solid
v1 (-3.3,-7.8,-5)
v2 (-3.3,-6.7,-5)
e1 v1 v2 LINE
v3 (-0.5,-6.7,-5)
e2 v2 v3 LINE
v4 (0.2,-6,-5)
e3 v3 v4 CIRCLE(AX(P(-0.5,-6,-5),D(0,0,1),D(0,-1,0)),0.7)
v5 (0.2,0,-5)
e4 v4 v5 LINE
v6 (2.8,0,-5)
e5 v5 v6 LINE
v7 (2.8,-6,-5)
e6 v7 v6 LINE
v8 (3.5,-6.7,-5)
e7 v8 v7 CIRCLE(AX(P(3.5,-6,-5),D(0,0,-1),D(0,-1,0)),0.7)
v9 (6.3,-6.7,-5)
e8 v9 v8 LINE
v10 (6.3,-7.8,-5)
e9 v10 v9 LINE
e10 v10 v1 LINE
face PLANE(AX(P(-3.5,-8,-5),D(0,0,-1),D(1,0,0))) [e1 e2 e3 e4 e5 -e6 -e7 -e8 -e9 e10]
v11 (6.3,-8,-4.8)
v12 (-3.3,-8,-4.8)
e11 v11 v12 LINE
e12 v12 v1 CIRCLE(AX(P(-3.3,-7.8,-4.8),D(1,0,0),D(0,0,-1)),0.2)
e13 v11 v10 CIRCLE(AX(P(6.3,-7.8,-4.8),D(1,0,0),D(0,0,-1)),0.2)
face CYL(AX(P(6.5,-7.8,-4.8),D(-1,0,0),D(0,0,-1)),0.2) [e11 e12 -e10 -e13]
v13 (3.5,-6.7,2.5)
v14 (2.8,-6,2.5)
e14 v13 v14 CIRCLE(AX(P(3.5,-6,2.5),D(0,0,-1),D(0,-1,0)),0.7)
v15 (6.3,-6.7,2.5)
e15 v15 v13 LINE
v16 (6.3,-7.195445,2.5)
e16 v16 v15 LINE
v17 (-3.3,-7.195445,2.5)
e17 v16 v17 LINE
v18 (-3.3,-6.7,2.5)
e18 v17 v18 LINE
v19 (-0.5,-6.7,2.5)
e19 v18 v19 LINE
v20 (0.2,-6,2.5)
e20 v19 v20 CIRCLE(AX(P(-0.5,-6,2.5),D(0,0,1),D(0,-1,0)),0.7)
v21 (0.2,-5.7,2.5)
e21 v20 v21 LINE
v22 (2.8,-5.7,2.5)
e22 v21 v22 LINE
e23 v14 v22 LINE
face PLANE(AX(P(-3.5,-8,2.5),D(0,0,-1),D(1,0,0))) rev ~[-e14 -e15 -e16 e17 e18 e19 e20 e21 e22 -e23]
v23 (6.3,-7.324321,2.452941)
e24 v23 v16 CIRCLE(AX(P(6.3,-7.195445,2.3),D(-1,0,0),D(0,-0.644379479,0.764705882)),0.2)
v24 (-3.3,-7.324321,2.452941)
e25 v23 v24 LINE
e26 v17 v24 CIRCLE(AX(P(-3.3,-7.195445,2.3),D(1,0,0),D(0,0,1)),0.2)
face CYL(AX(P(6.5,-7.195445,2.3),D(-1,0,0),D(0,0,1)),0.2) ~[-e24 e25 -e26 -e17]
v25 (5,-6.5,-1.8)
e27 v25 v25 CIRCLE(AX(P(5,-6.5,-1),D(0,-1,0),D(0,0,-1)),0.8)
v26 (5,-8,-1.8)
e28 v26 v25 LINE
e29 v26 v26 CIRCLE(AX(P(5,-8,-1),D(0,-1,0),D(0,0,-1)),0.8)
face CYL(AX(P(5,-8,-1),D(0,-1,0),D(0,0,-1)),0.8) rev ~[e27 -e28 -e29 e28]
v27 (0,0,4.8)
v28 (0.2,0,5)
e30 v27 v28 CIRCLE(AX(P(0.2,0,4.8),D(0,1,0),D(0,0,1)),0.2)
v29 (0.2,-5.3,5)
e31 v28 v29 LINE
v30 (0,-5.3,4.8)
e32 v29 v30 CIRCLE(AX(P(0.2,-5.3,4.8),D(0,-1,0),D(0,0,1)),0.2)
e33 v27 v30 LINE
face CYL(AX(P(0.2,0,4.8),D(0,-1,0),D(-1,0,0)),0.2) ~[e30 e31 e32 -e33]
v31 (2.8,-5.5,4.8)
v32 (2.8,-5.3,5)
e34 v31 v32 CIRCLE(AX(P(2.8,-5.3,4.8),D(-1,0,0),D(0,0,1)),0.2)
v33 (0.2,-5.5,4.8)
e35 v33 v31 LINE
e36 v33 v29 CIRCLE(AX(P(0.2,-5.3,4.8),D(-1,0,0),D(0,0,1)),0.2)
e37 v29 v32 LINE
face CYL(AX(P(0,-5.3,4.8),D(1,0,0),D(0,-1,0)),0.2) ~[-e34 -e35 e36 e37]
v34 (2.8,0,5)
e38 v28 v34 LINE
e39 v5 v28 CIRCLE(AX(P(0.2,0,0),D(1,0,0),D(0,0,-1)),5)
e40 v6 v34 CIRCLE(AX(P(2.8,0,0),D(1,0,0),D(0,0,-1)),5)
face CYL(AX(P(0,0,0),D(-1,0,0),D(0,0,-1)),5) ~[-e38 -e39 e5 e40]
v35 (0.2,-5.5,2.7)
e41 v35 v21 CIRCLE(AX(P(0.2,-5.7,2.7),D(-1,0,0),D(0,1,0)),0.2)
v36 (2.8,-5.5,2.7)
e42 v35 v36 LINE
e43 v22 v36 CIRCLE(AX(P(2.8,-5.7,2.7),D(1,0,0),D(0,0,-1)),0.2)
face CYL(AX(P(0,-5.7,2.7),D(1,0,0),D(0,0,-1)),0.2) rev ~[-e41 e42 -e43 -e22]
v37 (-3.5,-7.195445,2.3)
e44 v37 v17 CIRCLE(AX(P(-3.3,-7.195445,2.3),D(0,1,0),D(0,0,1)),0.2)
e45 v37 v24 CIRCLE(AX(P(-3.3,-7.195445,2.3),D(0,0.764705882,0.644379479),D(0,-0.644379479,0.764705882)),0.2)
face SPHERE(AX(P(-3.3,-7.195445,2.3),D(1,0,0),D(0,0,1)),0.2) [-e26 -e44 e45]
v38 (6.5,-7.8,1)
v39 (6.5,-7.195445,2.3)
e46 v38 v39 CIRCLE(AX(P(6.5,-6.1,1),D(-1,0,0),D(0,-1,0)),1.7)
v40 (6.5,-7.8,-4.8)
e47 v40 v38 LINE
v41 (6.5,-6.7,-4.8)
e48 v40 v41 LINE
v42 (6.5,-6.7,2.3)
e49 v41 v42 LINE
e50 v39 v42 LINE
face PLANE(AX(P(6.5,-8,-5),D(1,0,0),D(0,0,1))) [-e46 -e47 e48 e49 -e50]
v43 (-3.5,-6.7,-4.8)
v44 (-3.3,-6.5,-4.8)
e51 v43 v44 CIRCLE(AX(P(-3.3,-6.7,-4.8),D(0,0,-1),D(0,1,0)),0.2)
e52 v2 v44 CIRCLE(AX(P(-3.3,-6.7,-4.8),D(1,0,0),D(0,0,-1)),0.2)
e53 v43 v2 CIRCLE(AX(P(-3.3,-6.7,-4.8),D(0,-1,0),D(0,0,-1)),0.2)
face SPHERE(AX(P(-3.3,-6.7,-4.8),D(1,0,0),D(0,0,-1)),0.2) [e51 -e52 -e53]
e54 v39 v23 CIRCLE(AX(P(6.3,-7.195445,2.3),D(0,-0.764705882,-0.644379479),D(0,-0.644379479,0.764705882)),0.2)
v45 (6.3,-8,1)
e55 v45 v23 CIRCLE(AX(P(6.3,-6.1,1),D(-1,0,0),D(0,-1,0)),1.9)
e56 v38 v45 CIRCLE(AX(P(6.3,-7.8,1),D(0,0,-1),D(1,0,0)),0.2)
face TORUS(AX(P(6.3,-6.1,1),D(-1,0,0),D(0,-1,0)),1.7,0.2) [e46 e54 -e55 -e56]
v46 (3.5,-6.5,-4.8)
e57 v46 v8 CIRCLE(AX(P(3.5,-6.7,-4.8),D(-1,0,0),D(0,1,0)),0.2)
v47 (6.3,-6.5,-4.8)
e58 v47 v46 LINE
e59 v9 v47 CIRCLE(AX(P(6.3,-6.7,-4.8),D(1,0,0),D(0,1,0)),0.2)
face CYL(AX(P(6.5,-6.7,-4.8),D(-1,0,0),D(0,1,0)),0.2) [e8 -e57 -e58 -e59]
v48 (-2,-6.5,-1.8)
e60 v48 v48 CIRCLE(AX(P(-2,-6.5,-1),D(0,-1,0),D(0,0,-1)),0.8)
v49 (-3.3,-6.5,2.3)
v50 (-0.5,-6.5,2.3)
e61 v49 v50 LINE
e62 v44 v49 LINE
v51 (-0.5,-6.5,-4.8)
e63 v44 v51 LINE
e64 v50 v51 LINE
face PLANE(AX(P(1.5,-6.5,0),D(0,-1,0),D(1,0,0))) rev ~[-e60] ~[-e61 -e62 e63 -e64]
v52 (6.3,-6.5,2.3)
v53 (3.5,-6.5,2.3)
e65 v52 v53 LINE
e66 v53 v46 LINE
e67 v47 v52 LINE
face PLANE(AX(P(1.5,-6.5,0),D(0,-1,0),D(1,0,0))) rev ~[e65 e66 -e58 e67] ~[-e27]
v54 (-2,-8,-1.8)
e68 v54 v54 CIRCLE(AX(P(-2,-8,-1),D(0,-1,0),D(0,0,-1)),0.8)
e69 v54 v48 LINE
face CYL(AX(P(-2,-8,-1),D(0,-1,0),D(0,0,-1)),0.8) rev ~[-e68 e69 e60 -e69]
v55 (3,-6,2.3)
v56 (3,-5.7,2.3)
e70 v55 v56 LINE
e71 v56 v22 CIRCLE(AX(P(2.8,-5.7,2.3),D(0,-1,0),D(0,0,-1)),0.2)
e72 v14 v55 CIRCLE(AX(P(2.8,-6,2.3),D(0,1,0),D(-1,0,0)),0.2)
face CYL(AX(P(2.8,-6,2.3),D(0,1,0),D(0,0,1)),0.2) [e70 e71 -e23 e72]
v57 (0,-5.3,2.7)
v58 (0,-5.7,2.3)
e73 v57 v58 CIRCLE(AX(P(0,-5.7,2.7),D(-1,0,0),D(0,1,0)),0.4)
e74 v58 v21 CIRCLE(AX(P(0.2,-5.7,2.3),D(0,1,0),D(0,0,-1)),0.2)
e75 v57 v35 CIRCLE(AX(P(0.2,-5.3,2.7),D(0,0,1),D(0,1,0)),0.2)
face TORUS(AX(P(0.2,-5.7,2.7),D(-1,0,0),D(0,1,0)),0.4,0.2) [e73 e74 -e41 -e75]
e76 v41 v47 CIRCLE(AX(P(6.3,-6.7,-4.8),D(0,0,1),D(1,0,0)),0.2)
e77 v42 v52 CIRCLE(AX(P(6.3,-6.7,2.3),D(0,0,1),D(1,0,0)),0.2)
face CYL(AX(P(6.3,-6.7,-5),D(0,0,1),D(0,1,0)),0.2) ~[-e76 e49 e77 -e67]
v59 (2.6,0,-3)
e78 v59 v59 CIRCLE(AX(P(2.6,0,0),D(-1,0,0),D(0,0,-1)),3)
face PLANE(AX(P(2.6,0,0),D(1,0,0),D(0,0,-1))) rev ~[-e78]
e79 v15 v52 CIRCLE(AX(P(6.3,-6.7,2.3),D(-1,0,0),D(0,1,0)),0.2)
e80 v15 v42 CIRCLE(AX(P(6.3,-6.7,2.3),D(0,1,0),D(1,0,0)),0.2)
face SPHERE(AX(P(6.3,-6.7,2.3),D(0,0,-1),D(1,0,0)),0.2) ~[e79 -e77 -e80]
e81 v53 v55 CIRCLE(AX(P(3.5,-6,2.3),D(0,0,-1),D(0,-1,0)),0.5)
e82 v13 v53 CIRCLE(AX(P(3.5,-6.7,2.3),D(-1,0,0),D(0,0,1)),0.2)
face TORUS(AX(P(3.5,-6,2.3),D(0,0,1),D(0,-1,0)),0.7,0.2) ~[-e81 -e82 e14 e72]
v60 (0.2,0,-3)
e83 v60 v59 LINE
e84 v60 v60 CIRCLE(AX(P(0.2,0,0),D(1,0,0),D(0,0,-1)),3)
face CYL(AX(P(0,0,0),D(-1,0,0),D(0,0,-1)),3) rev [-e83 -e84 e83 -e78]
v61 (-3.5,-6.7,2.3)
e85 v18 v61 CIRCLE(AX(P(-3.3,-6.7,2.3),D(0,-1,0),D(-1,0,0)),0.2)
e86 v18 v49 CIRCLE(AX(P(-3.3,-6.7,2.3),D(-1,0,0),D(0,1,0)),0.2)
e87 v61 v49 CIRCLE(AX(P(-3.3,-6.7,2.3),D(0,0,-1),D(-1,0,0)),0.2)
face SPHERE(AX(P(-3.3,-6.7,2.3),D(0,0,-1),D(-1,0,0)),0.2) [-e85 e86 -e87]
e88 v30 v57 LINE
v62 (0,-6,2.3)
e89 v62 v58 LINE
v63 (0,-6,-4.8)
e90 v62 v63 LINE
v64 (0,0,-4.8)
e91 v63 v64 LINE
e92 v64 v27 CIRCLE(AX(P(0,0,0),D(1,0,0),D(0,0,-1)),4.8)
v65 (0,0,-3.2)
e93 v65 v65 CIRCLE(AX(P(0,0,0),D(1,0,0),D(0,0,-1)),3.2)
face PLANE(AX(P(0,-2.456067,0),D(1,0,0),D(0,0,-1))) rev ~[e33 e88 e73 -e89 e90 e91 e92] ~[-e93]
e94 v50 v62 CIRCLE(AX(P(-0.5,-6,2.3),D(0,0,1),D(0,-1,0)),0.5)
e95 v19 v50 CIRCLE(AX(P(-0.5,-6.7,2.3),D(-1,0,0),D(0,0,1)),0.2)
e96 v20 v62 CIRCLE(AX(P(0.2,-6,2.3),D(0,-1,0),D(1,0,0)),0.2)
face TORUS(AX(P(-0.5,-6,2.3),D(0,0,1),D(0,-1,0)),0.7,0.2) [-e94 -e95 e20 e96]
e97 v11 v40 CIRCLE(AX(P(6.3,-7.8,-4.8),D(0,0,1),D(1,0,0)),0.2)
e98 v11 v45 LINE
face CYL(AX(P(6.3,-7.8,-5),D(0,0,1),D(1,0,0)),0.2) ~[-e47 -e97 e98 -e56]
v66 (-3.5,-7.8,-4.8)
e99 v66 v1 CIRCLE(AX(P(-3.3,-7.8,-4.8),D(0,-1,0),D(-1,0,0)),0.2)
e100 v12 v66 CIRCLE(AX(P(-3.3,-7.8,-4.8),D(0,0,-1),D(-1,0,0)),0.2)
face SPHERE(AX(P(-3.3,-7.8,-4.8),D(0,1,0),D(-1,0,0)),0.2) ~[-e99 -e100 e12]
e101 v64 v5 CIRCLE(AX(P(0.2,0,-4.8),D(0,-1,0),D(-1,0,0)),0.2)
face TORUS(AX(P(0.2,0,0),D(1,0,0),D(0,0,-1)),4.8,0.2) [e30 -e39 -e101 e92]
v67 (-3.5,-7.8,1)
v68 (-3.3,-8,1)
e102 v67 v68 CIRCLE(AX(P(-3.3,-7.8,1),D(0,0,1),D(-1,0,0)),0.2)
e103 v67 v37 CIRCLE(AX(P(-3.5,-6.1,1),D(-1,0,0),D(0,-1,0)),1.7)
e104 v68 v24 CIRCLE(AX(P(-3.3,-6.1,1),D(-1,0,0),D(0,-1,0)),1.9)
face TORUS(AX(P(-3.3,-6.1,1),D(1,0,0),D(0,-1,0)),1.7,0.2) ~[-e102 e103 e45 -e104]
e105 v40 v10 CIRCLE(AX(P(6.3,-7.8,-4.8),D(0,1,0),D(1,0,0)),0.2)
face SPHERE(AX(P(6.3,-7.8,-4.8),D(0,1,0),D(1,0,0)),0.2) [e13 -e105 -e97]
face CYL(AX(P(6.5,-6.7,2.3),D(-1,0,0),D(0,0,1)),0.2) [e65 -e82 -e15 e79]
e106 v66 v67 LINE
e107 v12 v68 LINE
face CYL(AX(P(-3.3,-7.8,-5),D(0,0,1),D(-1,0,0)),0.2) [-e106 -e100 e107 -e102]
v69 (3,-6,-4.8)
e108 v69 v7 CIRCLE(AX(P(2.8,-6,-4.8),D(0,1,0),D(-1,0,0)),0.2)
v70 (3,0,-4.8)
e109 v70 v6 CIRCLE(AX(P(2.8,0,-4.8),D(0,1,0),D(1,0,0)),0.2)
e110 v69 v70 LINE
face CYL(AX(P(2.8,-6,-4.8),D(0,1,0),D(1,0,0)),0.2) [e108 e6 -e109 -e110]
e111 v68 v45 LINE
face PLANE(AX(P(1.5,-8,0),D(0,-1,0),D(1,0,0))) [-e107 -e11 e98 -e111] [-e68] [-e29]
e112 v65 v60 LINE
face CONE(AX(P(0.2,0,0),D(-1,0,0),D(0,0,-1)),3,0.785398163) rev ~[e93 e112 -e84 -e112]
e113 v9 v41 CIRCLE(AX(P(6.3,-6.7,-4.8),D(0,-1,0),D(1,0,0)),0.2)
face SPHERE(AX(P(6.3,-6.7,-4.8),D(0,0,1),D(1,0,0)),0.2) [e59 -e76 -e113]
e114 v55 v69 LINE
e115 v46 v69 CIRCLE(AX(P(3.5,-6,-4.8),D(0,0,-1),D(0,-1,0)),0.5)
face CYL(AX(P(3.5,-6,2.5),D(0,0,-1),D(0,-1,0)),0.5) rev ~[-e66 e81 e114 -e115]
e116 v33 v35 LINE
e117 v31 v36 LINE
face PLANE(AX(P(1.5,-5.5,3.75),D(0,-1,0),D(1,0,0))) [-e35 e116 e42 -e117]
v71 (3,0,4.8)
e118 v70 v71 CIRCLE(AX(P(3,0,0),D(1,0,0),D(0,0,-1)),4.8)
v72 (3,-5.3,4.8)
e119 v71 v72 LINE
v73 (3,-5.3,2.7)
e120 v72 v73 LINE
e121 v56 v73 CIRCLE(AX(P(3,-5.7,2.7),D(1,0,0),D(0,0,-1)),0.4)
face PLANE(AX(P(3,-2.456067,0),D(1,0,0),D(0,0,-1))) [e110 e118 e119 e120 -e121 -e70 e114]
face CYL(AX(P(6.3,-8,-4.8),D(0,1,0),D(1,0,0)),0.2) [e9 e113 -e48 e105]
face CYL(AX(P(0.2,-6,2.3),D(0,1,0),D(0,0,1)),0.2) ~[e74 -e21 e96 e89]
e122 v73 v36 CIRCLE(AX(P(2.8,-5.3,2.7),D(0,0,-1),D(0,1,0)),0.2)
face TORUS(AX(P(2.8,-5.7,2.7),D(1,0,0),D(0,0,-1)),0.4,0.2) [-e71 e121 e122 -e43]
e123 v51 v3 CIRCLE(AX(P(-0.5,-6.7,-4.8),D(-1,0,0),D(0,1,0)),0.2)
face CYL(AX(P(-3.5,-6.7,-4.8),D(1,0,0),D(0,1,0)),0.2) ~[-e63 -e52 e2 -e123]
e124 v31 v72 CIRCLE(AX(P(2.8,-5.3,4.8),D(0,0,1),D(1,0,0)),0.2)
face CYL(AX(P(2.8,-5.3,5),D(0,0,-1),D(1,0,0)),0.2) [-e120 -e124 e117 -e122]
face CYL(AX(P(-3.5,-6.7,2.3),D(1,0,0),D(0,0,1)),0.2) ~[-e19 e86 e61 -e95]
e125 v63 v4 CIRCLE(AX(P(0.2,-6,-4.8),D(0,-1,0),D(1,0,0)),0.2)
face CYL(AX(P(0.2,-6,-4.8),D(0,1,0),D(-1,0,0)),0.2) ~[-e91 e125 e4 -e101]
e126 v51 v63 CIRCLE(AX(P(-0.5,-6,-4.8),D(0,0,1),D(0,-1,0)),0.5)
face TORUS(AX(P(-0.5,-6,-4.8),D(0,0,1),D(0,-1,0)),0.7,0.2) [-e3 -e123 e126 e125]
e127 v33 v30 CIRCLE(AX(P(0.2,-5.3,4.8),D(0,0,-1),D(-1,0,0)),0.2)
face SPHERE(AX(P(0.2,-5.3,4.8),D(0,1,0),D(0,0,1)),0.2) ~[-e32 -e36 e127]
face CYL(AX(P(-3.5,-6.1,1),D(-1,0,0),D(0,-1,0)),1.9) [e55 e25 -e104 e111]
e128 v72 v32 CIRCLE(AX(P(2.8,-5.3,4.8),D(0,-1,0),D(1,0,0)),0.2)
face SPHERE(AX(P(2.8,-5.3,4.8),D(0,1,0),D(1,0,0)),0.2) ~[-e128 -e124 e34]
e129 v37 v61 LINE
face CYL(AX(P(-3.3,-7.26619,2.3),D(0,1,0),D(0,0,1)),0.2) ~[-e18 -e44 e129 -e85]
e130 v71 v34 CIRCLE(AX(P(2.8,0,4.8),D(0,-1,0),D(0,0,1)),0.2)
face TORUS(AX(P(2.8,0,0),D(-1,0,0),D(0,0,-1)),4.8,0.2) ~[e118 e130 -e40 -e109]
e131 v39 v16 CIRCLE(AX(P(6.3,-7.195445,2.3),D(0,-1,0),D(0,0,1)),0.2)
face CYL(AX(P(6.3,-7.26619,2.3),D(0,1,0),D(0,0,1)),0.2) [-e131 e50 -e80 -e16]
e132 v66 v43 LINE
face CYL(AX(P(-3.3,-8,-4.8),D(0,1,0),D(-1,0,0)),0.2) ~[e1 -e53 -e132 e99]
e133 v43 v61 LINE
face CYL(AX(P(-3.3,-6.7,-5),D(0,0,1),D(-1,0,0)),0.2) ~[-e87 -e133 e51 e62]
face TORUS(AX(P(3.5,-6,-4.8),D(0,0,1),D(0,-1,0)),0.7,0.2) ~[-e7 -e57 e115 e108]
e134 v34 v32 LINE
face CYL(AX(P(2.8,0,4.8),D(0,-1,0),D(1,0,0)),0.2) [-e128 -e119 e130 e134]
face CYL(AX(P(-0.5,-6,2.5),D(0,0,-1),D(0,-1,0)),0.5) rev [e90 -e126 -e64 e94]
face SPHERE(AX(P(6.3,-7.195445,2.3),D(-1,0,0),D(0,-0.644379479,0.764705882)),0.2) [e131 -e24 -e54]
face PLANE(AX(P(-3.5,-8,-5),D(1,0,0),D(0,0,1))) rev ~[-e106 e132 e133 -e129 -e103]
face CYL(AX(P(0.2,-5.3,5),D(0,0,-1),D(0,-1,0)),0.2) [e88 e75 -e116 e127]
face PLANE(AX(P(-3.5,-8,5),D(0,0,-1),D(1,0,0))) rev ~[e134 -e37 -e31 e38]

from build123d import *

# Parameters (mm, degrees)
SKETCH_1_R          = 3
EXTRUDE_1_DEPTH     = 3
SKETCH_2_W          = 10
SKETCH_2_H          = 10
SKETCH_2_R          = 0.8
EXTRUDE_2_DEPTH     = 1.5
SKETCH_5_W          = 10
SKETCH_5_H          = 2.5
CUT_EXTRUDE_1_DEPTH = 2.5
CUT_EXTRUDE_2_REACH = 15.748
FILLET_1_R          = 0.5
FILLET_2_R          = 0.2
CHAMFER_1_SIZE      = 0.2
SKETCH_3_R          = 3.977941141
EXTRUDE_3_DEPTH     = 0.4


with BuildPart() as part:
    # 草图1 → 凸台-拉伸1 (new body)
    with BuildSketch(Plane(origin=(0, 0, 0), x_dir=(0, 0, -1), z_dir=(1, 0, 0))):
        with BuildLine():
            Line((-5, 0), (-5, -8))
            Line((-5, -8), (5, -8))
            Line((5, -8), (5, 0))
            ThreePointArc((5, 0), (0, 5), (-5, 0))
        make_face()
        Circle(SKETCH_1_R, mode=Mode.SUBTRACT)
    extrude(amount=EXTRUDE_1_DEPTH)

    # 草图2 → 凸台-拉伸2 (add)
    with BuildSketch(Plane.XZ.offset(8)):
        with Locations((1.5, 0)):
            Rectangle(SKETCH_2_W, SKETCH_2_H)
        with Locations(Location((5, -1, 0), (0, 0, 270))):
            Circle(SKETCH_2_R, mode=Mode.SUBTRACT)
        with Locations(Location((-2, -1, 0), (0, 0, 270))):
            Circle(SKETCH_2_R, mode=Mode.SUBTRACT)
    extrude(amount=-EXTRUDE_2_DEPTH)

    # 草图5 → 切除-拉伸1 (cut)
    with BuildSketch(Plane.XZ.offset(8)):
        with Locations((1.5, 3.75)):
            Rectangle(SKETCH_5_W, SKETCH_5_H)
    extrude(amount=-CUT_EXTRUDE_1_DEPTH, mode=Mode.SUBTRACT)

    # 草图6 → 切除-拉伸2 (cut, up to next)
    with BuildSketch(Plane.ZY.offset(3.5), mode=Mode.PRIVATE) as cut_extrude_2_sk1:
        with BuildLine():
            Line((2.897366596, -6), (3.27705392, -6))
            Line((3.27705392, -6), (3.27705392, -8.325127743))
            Line((3.27705392, -8.325127743), (1, -8.325127743))
            Line((1, -8.325127743), (1, -8))
            ThreePointArc((1, -8), (2.378404875, -7.407669683), (2.897366596, -6))
        make_face()
    cut_extrude_2_tool1 = extrude(cut_extrude_2_sk1.sketch, amount=-CUT_EXTRUDE_2_REACH, mode=Mode.PRIVATE) & part.part
    add(cut_extrude_2_tool1.solids().sort_by_distance((-3.5, -7.575754, 2.569334))[0], mode=Mode.SUBTRACT)

    # 圆角1
    fillet_1_edges = [part.edges().sort_by_distance(p)[0] for p in [
        (3, -6.5, -1.25),
        (0, -6.5, -1.25),
    ]]
    fillet(fillet_1_edges, radius=FILLET_1_R)

    # 圆角2
    fillet_2_edges = [part.edges().sort_by_distance(p)[0] for p in [
        (-2, -6.5, -5),
        (-3.5, -7.25, -5),
        (6.5, -6.5, -1.25),
        (6.5, -7.25, -5),
        (6.5, -8, -2),
        (3, 5, 0),
        (-3.5, -6.5, -1.25),
        (3, -5.5, 3.75),
        (-3.5, -6.883095189, 2.5),
        (1.5, -5.5, 5),
        (0, -2.75, 5),
        (-2, -6.5, 2.5),
        (1.5, -5.5, 2.5),
        (6.5, -6.883095189, 2.5),
        (0, -5.5, 3.75),
        (0, 5, 0),
        (3, -2.75, 5),
        (-3.5, -8, -2),
        (1.5, -8, -5),
        (1.5, -7.266190379, 2.5),
        (-3.5, -7.806716397, 1.834936608),
        (6.5, -7.806716397, 1.834936608),
        (0, -5.75, 2.5),
        (0, -3, -5),
        (3, -5.75, 2.5),
        (3, -3, -5),
        (5, -6.5, 2.5),
        (5, -6.5, -5),
        (-0.146446609, -6.353553391, -5),
        (-0.146446609, -6.353553391, 2.5),
        (3.146446609, -6.353553391, -5),
        (3.146446609, -6.353553391, 2.5),
    ]]
    fillet(fillet_2_edges, radius=FILLET_2_R)

    # 倒角1
    chamfer_1_edges = [part.edges().sort_by_distance(p)[0] for p in [
        (0, 0, 3),
        (3, 0, 3),
    ]]
    chamfer(chamfer_1_edges, length=CHAMFER_1_SIZE)

    # 草图3 → 凸台-拉伸3 (add)
    with BuildSketch(Plane(origin=(3, 0, 0), x_dir=(0, 0, -1), z_dir=(1, 0, 0))):
        Circle(SKETCH_3_R)
    extrude(amount=-EXTRUDE_3_DEPTH)


solid = part.part
